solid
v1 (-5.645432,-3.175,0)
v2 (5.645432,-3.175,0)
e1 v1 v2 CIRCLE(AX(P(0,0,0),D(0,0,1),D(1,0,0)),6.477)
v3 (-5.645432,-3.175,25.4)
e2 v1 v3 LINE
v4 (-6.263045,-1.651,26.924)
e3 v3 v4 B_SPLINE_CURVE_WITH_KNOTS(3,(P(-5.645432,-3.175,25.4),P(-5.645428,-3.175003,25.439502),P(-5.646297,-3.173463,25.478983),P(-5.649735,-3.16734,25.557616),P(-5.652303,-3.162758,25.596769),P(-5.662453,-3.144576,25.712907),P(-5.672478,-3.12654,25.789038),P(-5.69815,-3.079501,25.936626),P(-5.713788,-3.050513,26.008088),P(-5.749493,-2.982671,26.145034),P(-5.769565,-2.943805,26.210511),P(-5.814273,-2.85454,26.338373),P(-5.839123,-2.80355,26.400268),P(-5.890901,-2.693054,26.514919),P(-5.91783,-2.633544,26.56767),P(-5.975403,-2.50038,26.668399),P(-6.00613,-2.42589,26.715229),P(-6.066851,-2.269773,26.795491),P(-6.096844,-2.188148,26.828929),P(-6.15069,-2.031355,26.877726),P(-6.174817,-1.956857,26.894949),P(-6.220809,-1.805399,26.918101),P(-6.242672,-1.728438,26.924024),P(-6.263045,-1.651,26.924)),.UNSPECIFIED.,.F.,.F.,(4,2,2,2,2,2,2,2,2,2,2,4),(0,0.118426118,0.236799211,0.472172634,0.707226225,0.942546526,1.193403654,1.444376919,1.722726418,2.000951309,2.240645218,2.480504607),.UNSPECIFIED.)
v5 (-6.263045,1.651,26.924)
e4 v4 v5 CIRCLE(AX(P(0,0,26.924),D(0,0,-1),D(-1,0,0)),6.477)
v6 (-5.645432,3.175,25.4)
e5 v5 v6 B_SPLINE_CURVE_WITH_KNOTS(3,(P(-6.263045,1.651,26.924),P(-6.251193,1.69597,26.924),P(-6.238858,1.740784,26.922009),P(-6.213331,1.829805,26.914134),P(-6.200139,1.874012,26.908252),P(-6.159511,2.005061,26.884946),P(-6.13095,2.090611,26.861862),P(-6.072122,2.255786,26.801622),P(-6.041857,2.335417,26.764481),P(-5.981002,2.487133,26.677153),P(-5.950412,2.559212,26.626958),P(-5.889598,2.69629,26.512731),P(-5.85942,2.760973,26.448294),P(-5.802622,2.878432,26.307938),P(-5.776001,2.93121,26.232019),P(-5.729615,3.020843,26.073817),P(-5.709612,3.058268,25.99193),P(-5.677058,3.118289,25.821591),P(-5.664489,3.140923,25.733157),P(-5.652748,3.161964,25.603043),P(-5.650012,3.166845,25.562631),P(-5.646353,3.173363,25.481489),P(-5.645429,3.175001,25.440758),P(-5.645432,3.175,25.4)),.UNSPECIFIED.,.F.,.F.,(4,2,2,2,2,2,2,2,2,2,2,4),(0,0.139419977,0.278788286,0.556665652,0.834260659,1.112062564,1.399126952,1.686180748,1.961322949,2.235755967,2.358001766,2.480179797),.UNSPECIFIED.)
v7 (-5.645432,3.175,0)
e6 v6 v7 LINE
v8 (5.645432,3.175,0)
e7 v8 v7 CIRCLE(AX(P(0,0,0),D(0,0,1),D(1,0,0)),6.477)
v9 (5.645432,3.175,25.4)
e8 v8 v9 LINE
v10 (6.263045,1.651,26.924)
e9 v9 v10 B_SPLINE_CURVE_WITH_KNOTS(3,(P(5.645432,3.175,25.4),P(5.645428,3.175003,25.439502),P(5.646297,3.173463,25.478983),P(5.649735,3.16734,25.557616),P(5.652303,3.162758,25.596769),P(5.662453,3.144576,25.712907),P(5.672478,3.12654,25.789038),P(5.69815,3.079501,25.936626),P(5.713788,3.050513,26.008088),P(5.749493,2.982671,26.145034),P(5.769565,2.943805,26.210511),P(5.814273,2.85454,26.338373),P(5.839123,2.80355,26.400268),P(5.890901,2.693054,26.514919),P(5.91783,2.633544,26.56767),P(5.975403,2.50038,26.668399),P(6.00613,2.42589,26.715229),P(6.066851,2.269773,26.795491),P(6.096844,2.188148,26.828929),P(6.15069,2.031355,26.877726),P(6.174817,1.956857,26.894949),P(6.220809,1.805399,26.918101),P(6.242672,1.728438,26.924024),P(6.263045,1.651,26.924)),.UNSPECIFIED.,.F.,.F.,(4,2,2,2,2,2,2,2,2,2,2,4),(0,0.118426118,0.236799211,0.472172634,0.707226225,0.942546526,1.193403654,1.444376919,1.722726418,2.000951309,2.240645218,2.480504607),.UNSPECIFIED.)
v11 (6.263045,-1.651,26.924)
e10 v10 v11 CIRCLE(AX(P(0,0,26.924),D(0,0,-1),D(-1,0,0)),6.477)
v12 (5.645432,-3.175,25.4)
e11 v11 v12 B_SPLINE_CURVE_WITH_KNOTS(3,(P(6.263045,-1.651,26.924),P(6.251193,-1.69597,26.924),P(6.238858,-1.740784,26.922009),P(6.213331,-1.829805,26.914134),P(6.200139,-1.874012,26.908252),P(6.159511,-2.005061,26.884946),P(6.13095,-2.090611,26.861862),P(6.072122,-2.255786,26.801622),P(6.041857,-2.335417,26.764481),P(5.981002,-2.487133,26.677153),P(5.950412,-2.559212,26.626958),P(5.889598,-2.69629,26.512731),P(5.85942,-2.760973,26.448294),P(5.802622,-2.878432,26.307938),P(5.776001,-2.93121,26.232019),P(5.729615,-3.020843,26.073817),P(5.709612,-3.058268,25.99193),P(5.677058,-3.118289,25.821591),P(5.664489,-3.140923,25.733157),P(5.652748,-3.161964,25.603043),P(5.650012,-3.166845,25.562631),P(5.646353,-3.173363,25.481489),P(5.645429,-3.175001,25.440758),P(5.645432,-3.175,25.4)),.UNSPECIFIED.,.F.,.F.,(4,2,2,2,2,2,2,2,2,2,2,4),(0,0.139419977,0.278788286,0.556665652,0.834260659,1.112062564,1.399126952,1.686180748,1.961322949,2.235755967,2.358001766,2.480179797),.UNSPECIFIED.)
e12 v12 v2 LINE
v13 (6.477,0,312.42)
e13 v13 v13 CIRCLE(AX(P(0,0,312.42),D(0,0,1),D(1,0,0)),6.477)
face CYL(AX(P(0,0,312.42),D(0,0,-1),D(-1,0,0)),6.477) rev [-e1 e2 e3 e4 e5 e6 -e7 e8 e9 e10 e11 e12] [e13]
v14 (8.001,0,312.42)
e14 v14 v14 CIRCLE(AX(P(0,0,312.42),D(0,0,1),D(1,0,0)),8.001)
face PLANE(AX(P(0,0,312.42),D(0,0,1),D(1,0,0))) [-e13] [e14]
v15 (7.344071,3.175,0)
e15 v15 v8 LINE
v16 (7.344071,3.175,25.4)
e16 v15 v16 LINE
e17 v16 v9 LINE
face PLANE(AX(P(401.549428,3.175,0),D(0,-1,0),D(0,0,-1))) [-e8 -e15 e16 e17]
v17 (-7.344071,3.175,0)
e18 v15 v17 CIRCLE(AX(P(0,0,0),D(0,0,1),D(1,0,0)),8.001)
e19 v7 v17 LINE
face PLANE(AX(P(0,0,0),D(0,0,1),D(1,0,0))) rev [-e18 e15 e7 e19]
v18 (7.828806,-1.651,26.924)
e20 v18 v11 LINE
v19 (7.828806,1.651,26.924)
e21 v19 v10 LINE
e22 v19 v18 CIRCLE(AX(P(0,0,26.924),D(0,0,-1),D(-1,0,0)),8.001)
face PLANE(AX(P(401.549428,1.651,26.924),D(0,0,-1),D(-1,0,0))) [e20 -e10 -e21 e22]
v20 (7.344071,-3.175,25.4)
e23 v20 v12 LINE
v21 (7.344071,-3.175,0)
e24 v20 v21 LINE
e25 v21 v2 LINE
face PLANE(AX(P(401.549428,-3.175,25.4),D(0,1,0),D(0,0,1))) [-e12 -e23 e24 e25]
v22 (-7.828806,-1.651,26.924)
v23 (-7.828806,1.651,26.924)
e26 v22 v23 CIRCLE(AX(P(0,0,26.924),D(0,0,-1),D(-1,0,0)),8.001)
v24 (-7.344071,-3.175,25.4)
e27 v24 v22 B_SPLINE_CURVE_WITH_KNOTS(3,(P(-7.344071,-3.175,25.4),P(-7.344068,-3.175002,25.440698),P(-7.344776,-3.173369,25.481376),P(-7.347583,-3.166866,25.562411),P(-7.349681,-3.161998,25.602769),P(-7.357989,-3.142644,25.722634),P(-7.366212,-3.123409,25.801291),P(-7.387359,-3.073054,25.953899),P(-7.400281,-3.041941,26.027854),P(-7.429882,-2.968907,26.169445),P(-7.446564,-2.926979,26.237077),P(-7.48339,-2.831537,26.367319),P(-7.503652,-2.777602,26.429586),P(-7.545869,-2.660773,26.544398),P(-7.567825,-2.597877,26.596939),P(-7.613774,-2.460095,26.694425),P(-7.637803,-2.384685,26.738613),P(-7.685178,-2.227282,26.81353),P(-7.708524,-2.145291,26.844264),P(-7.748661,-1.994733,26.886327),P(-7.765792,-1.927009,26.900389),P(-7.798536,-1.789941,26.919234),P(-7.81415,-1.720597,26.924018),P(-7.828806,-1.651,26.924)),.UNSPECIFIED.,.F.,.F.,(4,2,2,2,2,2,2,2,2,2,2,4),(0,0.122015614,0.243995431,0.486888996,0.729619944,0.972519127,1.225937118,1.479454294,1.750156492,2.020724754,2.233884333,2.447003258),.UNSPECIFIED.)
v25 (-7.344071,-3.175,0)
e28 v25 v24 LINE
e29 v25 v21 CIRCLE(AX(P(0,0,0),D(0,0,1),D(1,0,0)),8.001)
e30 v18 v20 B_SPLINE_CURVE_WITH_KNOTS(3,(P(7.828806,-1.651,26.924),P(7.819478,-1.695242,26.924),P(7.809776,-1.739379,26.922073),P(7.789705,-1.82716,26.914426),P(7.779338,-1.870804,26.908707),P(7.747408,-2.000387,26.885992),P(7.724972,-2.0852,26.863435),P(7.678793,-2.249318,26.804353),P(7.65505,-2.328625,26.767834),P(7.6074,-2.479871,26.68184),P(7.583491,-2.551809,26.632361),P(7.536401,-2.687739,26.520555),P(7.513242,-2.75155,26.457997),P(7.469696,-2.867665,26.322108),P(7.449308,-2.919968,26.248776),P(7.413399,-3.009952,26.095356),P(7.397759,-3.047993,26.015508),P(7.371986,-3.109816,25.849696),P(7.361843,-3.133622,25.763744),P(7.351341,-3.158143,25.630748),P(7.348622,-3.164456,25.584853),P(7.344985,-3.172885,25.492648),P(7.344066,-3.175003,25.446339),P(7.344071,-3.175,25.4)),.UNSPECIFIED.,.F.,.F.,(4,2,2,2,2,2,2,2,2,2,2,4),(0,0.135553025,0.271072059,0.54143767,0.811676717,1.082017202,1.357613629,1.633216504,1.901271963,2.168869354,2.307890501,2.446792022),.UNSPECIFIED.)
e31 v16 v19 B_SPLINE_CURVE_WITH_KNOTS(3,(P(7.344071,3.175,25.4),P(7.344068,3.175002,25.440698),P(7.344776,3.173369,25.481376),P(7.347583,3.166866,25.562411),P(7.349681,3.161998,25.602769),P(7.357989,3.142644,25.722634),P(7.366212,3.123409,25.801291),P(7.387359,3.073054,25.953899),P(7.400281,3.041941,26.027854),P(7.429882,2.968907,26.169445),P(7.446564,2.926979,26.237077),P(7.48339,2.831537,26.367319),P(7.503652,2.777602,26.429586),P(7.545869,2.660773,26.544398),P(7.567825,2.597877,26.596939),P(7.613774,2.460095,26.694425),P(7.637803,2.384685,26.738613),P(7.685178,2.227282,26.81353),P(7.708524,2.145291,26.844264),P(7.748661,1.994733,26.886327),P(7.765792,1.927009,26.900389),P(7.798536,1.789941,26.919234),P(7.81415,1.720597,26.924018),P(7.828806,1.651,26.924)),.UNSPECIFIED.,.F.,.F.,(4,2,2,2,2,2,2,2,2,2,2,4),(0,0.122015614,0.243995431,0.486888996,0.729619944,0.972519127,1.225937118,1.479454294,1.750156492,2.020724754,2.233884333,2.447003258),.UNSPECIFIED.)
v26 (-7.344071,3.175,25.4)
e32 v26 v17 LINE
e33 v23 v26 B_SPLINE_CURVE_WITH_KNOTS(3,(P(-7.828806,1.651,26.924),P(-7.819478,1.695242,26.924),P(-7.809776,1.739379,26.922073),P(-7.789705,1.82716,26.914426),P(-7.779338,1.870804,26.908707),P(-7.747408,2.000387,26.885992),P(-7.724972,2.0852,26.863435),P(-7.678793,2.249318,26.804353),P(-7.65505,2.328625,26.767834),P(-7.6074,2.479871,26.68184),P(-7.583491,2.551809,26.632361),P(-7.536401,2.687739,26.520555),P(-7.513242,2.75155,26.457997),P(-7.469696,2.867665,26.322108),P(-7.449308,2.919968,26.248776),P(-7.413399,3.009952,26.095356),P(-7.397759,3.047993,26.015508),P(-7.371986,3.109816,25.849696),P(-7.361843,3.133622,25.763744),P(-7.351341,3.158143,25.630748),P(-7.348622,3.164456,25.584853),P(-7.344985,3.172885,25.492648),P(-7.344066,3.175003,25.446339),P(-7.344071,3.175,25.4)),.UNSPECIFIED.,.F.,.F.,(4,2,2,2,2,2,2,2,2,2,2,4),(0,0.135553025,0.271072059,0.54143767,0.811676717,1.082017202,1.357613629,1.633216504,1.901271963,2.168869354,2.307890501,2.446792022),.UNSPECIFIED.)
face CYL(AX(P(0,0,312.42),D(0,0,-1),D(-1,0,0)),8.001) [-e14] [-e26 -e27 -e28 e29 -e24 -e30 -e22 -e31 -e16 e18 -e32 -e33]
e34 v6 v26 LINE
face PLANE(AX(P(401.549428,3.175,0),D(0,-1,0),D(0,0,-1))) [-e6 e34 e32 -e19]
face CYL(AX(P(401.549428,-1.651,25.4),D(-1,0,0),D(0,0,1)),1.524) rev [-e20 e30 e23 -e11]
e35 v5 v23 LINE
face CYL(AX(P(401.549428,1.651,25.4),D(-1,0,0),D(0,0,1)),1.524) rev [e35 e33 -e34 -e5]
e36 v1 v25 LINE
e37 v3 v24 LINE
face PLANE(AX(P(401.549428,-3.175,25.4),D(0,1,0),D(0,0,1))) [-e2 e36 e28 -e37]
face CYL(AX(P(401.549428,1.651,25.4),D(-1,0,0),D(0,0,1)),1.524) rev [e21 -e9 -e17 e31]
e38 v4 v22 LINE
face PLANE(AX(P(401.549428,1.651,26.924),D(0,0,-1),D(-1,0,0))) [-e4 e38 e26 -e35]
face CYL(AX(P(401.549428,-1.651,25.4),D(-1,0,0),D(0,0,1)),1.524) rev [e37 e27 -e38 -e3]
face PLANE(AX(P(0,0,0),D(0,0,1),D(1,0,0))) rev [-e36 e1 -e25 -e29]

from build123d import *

# Parameters (mm, degrees)
SKETCH1_R               = 8.001
SKETCH1_R_2             = 6.477
BOSS_EXTRUDE1_DEPTH     = 312.42
CUT_EXTRUDE2_DEPTH      = 313.624836509
CUT_EXTRUDE2_DEPTH_BACK = 313.624836509


with BuildPart() as part:
    # Sketch1 → Boss-Extrude1 (new body)
    with BuildSketch(Plane.XY):
        Circle(SKETCH1_R)
        Circle(SKETCH1_R_2, mode=Mode.SUBTRACT)
    extrude(amount=BOSS_EXTRUDE1_DEPTH)

    # Sketch2 → Cut-Extrude2 (cut, two sides: drawn at the far end of the back side and taken through both)
    with BuildSketch(Plane(origin=(0, 0, 0), x_dir=(0, 0, -1), z_dir=(1, 0, 0)).offset(-CUT_EXTRUDE2_DEPTH_BACK)):
        with BuildLine():
            Line((635.239664052, 3.175), (0, 3.175))
            Line((0, 3.175), (-25.4, 3.175))
            ThreePointArc((-25.4, 3.175), (-26.477630735, 2.728630735), (-26.924, 1.651))
            Line((-26.924, 1.651), (-26.924, -1.651))
            ThreePointArc((-26.924, -1.651), (-26.477630735, -2.728630735), (-25.4, -3.175))
            Line((-25.4, -3.175), (0, -3.175))
            Line((0, -3.175), (635.239664052, -3.175))
            Line((635.239664052, -3.175), (1905.718992156, -3.175))
            Line((1905.718992156, -3.175), (1905.718992156, 3.175))
            Line((1905.718992156, 3.175), (635.239664052, 3.175))
        make_face()
    extrude(amount=CUT_EXTRUDE2_DEPTH + CUT_EXTRUDE2_DEPTH_BACK, mode=Mode.SUBTRACT)


solid = part.part
